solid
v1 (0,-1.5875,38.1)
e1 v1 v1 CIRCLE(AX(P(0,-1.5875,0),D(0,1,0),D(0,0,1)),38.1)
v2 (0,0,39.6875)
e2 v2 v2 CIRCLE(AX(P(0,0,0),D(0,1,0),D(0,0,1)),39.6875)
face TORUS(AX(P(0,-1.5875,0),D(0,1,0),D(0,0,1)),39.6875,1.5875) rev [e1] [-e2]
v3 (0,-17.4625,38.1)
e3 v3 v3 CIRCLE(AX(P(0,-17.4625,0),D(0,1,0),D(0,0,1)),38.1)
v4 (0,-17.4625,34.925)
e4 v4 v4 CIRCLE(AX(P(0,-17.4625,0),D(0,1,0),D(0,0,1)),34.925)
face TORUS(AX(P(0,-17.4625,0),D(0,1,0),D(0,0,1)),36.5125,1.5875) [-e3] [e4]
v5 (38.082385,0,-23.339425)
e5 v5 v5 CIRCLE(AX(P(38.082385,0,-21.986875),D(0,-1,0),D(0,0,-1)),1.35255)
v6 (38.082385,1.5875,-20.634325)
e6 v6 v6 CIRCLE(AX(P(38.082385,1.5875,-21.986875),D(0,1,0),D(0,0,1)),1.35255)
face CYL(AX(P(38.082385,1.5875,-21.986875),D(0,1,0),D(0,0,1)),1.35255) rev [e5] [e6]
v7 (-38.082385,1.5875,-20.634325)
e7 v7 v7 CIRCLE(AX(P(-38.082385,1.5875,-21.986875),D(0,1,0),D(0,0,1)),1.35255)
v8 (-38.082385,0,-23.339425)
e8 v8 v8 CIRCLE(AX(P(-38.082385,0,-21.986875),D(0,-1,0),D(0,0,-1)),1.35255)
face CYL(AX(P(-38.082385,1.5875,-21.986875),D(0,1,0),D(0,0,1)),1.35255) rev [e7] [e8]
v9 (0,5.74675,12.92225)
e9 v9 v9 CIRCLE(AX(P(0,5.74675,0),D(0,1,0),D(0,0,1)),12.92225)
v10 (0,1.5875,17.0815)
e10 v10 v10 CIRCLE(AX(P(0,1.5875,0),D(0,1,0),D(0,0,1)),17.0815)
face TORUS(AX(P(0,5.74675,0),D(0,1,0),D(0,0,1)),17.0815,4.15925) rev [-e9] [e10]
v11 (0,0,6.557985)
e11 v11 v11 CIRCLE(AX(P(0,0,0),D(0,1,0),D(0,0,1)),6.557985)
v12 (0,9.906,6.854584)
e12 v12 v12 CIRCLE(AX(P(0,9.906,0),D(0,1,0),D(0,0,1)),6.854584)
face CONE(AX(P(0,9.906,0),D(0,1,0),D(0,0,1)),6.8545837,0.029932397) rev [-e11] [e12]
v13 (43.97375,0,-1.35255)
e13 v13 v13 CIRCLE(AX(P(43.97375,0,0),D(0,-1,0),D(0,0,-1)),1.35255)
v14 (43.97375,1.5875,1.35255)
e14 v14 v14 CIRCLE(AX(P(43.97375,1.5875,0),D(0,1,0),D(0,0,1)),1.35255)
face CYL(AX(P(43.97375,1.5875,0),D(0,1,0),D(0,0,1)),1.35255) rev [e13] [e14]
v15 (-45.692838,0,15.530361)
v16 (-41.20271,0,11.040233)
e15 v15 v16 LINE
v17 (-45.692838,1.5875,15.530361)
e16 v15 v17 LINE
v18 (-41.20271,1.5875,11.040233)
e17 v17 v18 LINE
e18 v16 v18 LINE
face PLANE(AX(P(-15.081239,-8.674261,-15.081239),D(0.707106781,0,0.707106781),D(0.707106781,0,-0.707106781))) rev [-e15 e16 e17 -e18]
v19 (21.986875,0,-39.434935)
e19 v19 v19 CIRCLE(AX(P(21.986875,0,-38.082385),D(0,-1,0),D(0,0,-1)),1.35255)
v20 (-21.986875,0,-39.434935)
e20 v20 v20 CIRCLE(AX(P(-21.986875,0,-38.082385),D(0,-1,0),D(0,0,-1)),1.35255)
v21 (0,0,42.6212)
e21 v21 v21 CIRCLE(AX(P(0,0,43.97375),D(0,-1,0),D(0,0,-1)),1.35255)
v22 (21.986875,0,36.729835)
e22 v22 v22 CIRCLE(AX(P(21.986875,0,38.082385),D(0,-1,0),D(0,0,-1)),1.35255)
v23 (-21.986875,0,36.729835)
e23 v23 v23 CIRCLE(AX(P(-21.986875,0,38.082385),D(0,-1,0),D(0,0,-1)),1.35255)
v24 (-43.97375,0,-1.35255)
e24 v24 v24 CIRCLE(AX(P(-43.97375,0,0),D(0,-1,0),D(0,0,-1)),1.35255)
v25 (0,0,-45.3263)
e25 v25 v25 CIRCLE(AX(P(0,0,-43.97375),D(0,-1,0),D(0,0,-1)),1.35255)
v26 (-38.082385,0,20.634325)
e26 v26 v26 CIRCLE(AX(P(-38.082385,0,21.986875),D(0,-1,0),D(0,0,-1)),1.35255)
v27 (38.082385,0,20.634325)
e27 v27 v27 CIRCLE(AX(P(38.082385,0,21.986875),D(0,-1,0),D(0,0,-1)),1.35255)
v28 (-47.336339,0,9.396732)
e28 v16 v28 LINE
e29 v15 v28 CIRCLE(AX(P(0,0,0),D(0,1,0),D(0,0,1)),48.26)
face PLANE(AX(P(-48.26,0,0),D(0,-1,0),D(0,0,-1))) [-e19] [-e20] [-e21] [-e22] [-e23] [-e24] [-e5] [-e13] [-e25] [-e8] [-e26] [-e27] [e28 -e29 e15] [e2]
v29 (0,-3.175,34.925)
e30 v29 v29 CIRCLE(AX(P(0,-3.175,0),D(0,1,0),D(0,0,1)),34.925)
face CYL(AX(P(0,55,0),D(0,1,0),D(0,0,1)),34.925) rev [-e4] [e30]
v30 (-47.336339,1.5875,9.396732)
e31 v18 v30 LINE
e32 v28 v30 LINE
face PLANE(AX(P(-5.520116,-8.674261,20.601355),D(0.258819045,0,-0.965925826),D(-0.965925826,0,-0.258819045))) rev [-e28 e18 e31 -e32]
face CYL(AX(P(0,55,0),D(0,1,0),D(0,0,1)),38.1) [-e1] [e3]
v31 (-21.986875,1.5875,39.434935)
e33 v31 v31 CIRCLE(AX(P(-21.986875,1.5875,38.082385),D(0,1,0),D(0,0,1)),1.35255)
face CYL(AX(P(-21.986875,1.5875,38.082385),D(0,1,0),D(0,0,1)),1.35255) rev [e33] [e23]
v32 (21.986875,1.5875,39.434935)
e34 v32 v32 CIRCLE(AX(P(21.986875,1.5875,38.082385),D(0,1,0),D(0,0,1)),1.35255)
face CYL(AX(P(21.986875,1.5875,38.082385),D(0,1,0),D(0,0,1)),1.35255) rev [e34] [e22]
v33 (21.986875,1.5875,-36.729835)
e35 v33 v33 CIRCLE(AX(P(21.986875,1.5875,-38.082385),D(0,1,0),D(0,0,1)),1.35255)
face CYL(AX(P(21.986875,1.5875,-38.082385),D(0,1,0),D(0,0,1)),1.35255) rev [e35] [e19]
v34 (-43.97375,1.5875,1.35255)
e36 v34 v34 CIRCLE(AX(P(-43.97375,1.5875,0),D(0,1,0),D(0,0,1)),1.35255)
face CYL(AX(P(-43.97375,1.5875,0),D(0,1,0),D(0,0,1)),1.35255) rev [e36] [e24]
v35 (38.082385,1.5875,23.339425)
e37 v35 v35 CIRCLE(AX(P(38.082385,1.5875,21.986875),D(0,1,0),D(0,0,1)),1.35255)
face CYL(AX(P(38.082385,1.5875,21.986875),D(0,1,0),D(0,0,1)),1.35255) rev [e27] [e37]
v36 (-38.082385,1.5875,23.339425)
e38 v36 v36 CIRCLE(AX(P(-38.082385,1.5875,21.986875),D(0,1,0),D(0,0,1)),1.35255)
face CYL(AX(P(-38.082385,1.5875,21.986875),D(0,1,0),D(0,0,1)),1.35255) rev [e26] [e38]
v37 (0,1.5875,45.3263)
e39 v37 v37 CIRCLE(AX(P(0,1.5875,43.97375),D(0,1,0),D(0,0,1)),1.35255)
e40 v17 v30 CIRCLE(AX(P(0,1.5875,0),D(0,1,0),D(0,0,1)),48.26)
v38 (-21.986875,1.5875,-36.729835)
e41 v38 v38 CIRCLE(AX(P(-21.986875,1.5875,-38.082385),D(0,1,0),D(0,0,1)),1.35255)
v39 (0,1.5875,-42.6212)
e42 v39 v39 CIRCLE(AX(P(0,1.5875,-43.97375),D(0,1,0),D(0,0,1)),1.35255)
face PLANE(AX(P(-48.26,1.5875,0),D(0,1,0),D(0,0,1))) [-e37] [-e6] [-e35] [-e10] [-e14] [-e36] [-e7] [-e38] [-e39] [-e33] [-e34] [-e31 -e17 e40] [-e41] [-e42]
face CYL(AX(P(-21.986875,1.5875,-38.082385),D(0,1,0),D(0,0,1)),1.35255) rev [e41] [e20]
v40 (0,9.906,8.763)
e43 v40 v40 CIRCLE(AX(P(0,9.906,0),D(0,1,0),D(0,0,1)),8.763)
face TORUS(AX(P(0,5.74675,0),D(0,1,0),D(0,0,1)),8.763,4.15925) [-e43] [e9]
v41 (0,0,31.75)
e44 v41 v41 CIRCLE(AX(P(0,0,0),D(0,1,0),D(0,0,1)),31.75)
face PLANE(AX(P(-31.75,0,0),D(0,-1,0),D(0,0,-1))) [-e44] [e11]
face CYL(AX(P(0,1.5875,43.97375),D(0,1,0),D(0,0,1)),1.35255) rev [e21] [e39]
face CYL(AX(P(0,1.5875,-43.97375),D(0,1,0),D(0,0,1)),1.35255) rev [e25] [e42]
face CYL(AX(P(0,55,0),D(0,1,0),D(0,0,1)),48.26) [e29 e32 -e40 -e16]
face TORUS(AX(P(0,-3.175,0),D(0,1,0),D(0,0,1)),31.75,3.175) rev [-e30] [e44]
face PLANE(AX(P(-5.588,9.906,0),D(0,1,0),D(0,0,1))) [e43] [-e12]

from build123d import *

# Parameters (mm, degrees)
F_36_0_1065_DIAMETER_HOLE1_D = 2.7051
CIRPATTERN1_COUNT            = 12
CUT_EXTRUDE1_DEPTH           = 1.5875


with BuildPart() as part:
    # Sketch1 → Revolve1 (revolve)
    with BuildSketch(Plane.XY):
        with BuildLine():
            Line((-48.26, 0), (-39.6875, 0))
            ThreePointArc((-39.6875, 0), (-38.564967985, -0.464967985), (-38.1, -1.5875))
            Line((-38.1, -1.5875), (-38.1, -17.4625))
            ThreePointArc((-38.1, -17.4625), (-36.5125, -19.05), (-34.925, -17.4625))
            Line((-34.925, -17.4625), (-34.925, -3.175))
            ThreePointArc((-34.925, -3.175), (-33.99506403, -0.92993597), (-31.75, 0))
            Line((-31.75, 0), (-5.588, 0))
            Line((-5.588, 0), (-5.588, 9.906))
            Line((-5.588, 9.906), (-8.763, 9.906))
            ThreePointArc((-8.763, 9.906), (-11.70403388, 8.68778388), (-12.92225, 5.74675))
            ThreePointArc((-12.92225, 5.74675), (-14.14046612, 2.80571612), (-17.0815, 1.5875))
            Line((-17.0815, 1.5875), (-48.26, 1.5875))
            Line((-48.26, 1.5875), (-48.26, 0))
        make_face()
    revolve(axis=Axis((0, 55, 0), (0, -1, 0)))

    # #36 (0.1065) Diameter Hole1 (through all)
    with Locations(Plane(origin=(0, 1.5875, 0), x_dir=(1, 0, 0), z_dir=(0, 1, 0))):
        with Locations((-43.97375, 0)):
            f_36_0_1065_diameter_hole1 = Hole(F_36_0_1065_DIAMETER_HOLE1_D / 2)

    # CirPattern1: #36 (0.1065) Diameter Hole1 ×12 about axis
    cirpattern1_axis = Axis((0, 0, 0), (0, 1, 0))
    for i in range(1, CIRPATTERN1_COUNT):
        add(f_36_0_1065_diameter_hole1.rotate(cirpattern1_axis, i * 360 / CIRPATTERN1_COUNT), mode=Mode.SUBTRACT)

    # Sketch5 → 1/4 NPT Tapped Hole1 (revolve, cut)
    with BuildSketch(Plane(origin=(0, 9.906, 0), x_dir=(0, 0, 1), z_dir=(1, 0, 0))):
        Polygon((0, 0), (0, 28.956), (5.5626, 28.956), (5.5626, 9.906), (6.557984794, 9.906), (6.8545837, 0), align=None)
    revolve(axis=Axis((0, 16.256, 0), (0, -1, 0)), mode=Mode.SUBTRACT)

    # Sketch6 → Cut-Extrude1 (cut)
    with BuildSketch(Plane(origin=(0, 1.5875, 0), x_dir=(1, 0, 0), z_dir=(0, 1, 0))):
        with BuildLine():
            Line((-45.692838455, -15.530361037), (-41.202710394, -11.040232976))
            Line((-41.202710394, -11.040232976), (-47.336339391, -9.39673204))
            ThreePointArc((-47.336339391, -9.39673204), (-46.615580377, -12.490607117), (-45.692838455, -15.530361037))
        make_face()
    extrude(amount=-CUT_EXTRUDE1_DEPTH, mode=Mode.SUBTRACT)


solid = part.part
